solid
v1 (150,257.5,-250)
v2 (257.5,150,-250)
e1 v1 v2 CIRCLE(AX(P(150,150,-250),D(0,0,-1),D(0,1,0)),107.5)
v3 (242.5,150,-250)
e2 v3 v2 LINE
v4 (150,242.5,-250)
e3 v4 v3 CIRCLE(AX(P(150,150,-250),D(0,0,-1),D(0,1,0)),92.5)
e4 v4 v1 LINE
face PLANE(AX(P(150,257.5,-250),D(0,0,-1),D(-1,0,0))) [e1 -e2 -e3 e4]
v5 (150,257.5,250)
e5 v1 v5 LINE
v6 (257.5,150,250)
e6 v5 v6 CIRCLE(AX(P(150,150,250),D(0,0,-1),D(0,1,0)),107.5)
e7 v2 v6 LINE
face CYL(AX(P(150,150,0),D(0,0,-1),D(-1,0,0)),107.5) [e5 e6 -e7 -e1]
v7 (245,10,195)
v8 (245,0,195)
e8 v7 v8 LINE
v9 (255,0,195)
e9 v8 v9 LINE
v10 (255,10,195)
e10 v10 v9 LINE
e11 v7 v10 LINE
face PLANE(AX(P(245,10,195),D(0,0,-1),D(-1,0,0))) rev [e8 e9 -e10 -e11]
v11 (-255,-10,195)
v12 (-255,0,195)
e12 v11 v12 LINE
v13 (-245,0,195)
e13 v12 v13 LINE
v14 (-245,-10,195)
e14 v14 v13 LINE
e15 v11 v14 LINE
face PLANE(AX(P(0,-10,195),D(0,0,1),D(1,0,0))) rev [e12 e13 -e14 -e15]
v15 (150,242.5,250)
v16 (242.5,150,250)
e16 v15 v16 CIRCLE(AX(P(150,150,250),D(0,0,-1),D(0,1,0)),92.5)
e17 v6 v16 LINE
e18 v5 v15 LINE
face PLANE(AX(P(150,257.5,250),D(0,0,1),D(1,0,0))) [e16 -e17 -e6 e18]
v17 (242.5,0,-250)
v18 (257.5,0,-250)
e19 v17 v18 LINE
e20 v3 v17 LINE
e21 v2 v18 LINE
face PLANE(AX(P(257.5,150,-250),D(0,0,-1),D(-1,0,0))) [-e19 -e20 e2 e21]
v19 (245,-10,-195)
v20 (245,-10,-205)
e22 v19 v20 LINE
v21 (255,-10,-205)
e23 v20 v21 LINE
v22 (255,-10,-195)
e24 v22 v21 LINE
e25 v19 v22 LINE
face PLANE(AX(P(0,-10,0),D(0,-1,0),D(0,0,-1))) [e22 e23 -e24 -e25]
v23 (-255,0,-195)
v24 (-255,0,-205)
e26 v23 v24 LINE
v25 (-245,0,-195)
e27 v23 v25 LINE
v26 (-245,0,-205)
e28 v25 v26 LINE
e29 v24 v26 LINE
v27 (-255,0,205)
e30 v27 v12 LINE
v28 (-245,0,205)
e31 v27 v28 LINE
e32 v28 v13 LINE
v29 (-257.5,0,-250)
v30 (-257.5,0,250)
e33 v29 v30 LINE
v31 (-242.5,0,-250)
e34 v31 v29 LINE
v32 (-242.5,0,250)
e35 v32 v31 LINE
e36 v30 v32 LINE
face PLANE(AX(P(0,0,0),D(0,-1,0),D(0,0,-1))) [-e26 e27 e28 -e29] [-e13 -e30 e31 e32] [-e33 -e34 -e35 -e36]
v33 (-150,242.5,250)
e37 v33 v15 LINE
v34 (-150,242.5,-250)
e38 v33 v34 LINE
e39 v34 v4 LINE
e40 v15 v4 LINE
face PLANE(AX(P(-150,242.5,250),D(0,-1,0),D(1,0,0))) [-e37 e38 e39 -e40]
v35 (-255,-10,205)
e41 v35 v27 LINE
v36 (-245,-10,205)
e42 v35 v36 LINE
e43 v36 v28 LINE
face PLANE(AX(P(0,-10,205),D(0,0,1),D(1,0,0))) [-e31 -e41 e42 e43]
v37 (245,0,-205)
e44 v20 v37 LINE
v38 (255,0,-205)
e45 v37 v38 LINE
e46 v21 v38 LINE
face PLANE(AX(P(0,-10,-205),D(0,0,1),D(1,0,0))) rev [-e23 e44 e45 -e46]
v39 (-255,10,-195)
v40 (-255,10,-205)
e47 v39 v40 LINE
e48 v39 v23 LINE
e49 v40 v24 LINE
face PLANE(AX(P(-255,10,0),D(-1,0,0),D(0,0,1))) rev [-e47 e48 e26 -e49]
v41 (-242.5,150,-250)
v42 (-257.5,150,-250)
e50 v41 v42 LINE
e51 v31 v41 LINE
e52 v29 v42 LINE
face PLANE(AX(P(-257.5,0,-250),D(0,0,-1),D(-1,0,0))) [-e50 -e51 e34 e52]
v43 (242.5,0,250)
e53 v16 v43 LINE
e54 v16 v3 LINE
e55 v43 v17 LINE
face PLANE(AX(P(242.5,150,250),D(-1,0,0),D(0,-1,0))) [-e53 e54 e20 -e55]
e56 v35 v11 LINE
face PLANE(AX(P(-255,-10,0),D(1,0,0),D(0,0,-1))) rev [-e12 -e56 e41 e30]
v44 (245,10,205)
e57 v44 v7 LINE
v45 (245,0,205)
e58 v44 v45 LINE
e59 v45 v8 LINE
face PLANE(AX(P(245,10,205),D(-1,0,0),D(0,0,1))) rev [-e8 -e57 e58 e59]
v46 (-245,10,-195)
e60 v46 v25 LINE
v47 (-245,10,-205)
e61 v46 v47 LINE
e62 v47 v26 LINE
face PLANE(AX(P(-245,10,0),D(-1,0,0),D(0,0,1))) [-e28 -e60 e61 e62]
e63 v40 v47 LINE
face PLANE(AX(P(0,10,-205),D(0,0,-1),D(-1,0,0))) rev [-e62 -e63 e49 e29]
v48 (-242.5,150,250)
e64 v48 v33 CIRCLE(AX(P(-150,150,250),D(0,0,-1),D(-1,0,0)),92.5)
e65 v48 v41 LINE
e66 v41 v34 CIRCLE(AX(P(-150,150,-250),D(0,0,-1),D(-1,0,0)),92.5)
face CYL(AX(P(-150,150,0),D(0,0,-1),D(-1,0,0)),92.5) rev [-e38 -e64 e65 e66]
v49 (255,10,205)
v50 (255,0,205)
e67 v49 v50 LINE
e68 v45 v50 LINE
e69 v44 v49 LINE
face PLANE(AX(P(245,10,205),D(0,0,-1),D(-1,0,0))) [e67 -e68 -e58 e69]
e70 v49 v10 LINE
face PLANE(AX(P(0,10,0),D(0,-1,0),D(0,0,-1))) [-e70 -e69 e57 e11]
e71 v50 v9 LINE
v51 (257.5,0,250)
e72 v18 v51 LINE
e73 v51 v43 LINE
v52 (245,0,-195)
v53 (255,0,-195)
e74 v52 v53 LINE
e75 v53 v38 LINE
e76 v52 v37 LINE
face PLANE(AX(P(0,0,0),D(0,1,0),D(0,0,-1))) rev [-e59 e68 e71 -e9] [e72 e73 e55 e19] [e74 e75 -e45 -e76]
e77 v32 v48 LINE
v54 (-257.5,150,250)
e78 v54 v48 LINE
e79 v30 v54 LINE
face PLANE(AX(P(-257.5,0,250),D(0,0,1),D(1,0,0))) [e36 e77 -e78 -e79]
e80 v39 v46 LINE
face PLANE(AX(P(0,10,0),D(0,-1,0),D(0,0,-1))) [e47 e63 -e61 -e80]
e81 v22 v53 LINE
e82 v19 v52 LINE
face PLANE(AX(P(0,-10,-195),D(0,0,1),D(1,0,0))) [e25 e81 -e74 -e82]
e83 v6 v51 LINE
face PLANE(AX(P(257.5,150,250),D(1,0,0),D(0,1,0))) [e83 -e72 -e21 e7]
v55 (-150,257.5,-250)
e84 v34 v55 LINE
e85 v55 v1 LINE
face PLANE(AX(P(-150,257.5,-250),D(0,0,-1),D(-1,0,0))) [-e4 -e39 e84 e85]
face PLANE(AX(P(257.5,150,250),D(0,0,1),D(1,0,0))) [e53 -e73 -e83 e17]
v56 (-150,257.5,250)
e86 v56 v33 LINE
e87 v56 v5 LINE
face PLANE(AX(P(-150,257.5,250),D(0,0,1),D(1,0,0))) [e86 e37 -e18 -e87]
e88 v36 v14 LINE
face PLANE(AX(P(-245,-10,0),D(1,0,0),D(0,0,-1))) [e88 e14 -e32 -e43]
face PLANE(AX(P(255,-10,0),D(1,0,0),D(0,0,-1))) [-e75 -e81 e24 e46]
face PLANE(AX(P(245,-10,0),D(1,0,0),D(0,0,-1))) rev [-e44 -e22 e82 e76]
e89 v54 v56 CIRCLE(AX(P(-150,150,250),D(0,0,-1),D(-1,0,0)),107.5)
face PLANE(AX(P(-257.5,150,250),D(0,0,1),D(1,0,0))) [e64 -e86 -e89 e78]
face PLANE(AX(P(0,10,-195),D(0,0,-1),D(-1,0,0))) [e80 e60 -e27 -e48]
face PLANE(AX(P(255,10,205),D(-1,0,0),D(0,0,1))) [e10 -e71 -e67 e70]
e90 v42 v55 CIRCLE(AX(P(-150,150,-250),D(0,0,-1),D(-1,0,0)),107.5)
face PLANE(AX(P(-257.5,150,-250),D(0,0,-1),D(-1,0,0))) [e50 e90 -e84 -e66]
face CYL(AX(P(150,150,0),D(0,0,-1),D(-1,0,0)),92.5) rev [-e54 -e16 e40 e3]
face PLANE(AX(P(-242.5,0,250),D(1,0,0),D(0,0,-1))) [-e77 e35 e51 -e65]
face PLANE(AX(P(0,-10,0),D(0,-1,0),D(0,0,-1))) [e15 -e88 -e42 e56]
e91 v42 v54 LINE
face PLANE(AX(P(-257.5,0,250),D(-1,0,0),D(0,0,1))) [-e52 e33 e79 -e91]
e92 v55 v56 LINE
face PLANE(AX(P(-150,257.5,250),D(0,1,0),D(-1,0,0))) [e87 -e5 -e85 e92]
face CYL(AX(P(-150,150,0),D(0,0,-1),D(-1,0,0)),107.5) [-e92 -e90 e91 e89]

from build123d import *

# Parameters (mm, degrees)
SKETCH2_W           = 15
SKETCH2_H           = 500
SKETCH3_W           = 10
SKETCH3_H           = 10
BOSS_EXTRUDE1_DEPTH = 10
SKETCH3_3_W         = 10
SKETCH3_3_H         = 10
CUT_EXTRUDE1_DEPTH  = 10


with BuildPart() as part:
    # Sweep1: sweep along a path in Sketch1
    with BuildLine(Plane.XY) as sweep1_path:
        Line((-250, 0), (-250, 150))
        ThreePointArc((-250, 150), (-220.710678119, 220.710678119), (-150, 250))
        Line((-150, 250), (150, 250))
        ThreePointArc((150, 250), (220.710678119, 220.710678119), (250, 150))
        Line((250, 150), (250, 0))
    # Sketch2 → Sweep1 (sweep)
    with BuildSketch(Plane(origin=(0, 0, 0), x_dir=(1, 0, 0), z_dir=(0, 1, 0))):
        with Locations((-250, 0)):
            Rectangle(SKETCH2_W, SKETCH2_H)
    sweep(path=sweep1_path.line)

    # Sketch3 → Boss-Extrude1 (add)
    with BuildSketch(Plane.XZ):
        with Locations((-250, 200)):
            Rectangle(SKETCH3_W, SKETCH3_H)
        with Locations((250, -200)):
            Rectangle(SKETCH3_W, SKETCH3_H)
    extrude(amount=BOSS_EXTRUDE1_DEPTH)

    # Sketch3<3> → Cut-Extrude1 (cut)
    with BuildSketch(Plane.XZ):
        with Locations((-250, -200)):
            Rectangle(SKETCH3_3_W, SKETCH3_3_H)
        with Locations((250, 200)):
            Rectangle(SKETCH3_3_W, SKETCH3_3_H)
    extrude(amount=-CUT_EXTRUDE1_DEPTH, mode=Mode.SUBTRACT)


solid = part.part
